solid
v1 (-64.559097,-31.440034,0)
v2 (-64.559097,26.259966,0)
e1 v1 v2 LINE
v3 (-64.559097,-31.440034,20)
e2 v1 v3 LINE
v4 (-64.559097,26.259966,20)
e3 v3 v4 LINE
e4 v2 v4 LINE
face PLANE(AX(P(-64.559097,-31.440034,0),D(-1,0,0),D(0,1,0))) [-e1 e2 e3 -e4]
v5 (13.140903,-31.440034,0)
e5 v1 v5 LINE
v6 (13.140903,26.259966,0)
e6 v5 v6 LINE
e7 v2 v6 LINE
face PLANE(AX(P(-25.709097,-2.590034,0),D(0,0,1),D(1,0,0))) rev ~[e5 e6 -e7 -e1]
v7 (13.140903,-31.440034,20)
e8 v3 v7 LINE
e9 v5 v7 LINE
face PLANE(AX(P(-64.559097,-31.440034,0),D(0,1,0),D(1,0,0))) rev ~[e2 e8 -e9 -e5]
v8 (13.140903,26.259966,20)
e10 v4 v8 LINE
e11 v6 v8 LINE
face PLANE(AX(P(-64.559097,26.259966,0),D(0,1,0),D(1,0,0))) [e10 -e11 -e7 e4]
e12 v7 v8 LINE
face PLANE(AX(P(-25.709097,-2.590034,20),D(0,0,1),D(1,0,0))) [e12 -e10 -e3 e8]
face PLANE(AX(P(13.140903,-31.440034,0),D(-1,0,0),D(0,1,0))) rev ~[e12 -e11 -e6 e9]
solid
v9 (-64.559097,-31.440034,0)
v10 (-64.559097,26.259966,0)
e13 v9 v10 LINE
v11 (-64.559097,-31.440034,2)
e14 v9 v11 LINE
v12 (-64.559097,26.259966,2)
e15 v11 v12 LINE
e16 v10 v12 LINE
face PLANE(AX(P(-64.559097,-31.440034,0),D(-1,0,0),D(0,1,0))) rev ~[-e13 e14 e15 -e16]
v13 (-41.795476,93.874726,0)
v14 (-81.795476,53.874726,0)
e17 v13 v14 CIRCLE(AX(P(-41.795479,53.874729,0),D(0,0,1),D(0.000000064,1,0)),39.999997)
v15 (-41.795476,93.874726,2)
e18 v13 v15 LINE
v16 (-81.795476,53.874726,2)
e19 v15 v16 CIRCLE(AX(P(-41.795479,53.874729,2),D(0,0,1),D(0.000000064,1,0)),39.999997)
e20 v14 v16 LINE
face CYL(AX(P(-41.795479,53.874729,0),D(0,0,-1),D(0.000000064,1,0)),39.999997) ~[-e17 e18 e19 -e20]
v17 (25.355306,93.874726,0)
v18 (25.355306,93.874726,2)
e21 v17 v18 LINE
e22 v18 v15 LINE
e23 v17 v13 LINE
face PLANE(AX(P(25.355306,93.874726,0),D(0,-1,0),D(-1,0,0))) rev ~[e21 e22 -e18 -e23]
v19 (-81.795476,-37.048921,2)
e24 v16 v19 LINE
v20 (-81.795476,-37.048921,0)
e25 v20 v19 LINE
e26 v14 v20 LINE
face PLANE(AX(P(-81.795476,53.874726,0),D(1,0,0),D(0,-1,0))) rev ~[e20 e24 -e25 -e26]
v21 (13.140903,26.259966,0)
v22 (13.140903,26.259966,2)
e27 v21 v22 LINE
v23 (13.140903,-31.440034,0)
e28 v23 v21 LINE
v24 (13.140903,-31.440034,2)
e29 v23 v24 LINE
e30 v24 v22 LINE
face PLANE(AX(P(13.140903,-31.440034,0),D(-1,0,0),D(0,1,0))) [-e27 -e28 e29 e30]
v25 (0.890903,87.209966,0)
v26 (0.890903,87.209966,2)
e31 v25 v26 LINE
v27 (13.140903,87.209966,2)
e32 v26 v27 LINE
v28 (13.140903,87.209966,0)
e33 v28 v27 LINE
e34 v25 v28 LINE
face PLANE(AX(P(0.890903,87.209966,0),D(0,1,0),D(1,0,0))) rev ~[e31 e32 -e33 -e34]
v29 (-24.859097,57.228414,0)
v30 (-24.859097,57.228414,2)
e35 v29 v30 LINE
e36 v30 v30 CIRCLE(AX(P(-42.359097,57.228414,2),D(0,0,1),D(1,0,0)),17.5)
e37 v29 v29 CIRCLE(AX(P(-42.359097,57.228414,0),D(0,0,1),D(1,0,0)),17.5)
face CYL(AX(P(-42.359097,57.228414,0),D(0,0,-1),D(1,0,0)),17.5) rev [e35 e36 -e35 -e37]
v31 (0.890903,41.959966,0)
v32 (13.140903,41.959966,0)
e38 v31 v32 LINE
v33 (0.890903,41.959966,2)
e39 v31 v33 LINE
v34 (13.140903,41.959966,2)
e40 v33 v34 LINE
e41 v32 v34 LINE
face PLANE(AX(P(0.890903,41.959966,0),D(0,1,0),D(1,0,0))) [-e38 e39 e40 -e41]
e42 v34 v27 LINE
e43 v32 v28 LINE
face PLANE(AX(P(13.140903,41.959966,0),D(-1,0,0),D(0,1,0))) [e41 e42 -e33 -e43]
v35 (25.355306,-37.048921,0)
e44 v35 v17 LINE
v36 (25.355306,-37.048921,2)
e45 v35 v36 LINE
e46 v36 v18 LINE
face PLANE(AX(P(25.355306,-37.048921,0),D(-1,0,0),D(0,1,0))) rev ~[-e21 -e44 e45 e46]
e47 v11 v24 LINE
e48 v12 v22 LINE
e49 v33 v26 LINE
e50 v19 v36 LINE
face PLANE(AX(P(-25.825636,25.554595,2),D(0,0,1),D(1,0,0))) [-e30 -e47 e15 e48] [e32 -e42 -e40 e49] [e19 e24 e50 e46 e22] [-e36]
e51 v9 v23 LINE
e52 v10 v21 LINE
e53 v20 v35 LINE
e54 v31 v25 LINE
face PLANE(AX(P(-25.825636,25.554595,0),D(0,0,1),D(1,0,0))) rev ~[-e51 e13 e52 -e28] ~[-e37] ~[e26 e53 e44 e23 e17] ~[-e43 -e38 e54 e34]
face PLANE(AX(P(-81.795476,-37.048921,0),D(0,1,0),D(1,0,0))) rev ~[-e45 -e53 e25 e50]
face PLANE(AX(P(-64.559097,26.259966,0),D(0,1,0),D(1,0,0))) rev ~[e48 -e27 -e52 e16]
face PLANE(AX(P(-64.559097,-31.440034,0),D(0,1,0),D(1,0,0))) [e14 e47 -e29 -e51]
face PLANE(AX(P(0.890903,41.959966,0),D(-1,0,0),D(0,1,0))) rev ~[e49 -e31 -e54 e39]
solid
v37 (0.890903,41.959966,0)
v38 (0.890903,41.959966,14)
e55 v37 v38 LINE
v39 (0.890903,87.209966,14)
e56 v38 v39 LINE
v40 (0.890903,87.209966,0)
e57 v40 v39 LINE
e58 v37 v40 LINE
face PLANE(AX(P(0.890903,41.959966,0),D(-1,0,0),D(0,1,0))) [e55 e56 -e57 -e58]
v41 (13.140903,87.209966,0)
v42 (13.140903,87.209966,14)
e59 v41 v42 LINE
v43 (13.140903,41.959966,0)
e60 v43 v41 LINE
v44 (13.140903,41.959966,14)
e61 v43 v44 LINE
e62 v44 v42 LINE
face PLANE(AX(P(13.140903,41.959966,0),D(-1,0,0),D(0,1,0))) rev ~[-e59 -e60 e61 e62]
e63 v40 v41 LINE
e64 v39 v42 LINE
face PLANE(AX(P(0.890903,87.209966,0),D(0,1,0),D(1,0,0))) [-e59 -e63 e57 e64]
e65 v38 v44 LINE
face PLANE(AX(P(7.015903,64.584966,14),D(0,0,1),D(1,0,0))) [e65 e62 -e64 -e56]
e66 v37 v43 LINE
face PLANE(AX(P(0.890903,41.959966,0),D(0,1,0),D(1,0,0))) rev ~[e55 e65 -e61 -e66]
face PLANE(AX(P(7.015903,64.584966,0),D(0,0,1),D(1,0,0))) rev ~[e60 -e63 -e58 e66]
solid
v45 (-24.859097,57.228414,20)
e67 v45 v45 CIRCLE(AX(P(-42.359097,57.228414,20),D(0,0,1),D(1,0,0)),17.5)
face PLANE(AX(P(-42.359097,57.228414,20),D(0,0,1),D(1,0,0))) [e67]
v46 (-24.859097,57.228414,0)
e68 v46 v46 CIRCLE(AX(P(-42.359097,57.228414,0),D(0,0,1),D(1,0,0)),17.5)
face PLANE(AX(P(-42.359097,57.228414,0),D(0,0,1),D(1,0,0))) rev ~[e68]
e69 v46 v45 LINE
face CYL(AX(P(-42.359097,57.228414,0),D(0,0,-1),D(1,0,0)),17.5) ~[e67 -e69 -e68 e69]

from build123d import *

# Parameters (mm, degrees)
F0_R     = 17.5
F1_DEPTH = 20
F0_W     = 12.25
F0_H     = 45.25
F2_DEPTH = 14
F0_W_2   = 77.7
F0_H_2   = 57.7
F3_DEPTH = 20
F4_DEPTH = 2


with BuildPart() as f1:
    # F0 (on Top) → F1 (new body)
    with BuildSketch(Plane.XY):
        with Locations((-42.359097, 57.228414)):
            Circle(F0_R)
    extrude(amount=F1_DEPTH)


with BuildPart() as f2:
    # F0 (on Top) → F2 (new body)
    with BuildSketch(Plane.XY):
        with Locations((7.015903, 64.584966)):
            Rectangle(F0_W, F0_H)
    extrude(amount=F2_DEPTH)


with BuildPart() as f3:
    # F0 (on Top) → F3 (new body)
    with BuildSketch(Plane.XY):
        with Locations((-25.709097, -2.590034)):
            Rectangle(F0_W_2, F0_H_2)
    extrude(amount=F3_DEPTH)


with BuildPart() as f4:
    # F0 (on Top) → F4 (new body)
    with BuildSketch(Plane.XY):
        with BuildLine():
            Line((-81.795476, -37.048921), (25.355306, -37.048921))
            Line((25.355306, -37.048921), (25.355306, 93.874726))
            Line((25.355306, 93.874726), (-41.795476, 93.874726))
            ThreePointArc((-41.795476, 93.874726), (-70.079748, 82.158998), (-81.795476, 53.874726))
            Line((-81.795476, 53.874726), (-81.795476, -37.048921))
        make_face()
        with Locations((-25.709097, -2.590034)):
            Rectangle(F0_W_2, F0_H_2, mode=Mode.SUBTRACT)
        with Locations((-42.359097, 57.228414)):
            Circle(F0_R, mode=Mode.SUBTRACT)
        with Locations((7.015903, 64.584966)):
            Rectangle(F0_W, F0_H, mode=Mode.SUBTRACT)
    extrude(amount=F4_DEPTH)


solid = Compound([f1.part, f2.part, f3.part, f4.part])
